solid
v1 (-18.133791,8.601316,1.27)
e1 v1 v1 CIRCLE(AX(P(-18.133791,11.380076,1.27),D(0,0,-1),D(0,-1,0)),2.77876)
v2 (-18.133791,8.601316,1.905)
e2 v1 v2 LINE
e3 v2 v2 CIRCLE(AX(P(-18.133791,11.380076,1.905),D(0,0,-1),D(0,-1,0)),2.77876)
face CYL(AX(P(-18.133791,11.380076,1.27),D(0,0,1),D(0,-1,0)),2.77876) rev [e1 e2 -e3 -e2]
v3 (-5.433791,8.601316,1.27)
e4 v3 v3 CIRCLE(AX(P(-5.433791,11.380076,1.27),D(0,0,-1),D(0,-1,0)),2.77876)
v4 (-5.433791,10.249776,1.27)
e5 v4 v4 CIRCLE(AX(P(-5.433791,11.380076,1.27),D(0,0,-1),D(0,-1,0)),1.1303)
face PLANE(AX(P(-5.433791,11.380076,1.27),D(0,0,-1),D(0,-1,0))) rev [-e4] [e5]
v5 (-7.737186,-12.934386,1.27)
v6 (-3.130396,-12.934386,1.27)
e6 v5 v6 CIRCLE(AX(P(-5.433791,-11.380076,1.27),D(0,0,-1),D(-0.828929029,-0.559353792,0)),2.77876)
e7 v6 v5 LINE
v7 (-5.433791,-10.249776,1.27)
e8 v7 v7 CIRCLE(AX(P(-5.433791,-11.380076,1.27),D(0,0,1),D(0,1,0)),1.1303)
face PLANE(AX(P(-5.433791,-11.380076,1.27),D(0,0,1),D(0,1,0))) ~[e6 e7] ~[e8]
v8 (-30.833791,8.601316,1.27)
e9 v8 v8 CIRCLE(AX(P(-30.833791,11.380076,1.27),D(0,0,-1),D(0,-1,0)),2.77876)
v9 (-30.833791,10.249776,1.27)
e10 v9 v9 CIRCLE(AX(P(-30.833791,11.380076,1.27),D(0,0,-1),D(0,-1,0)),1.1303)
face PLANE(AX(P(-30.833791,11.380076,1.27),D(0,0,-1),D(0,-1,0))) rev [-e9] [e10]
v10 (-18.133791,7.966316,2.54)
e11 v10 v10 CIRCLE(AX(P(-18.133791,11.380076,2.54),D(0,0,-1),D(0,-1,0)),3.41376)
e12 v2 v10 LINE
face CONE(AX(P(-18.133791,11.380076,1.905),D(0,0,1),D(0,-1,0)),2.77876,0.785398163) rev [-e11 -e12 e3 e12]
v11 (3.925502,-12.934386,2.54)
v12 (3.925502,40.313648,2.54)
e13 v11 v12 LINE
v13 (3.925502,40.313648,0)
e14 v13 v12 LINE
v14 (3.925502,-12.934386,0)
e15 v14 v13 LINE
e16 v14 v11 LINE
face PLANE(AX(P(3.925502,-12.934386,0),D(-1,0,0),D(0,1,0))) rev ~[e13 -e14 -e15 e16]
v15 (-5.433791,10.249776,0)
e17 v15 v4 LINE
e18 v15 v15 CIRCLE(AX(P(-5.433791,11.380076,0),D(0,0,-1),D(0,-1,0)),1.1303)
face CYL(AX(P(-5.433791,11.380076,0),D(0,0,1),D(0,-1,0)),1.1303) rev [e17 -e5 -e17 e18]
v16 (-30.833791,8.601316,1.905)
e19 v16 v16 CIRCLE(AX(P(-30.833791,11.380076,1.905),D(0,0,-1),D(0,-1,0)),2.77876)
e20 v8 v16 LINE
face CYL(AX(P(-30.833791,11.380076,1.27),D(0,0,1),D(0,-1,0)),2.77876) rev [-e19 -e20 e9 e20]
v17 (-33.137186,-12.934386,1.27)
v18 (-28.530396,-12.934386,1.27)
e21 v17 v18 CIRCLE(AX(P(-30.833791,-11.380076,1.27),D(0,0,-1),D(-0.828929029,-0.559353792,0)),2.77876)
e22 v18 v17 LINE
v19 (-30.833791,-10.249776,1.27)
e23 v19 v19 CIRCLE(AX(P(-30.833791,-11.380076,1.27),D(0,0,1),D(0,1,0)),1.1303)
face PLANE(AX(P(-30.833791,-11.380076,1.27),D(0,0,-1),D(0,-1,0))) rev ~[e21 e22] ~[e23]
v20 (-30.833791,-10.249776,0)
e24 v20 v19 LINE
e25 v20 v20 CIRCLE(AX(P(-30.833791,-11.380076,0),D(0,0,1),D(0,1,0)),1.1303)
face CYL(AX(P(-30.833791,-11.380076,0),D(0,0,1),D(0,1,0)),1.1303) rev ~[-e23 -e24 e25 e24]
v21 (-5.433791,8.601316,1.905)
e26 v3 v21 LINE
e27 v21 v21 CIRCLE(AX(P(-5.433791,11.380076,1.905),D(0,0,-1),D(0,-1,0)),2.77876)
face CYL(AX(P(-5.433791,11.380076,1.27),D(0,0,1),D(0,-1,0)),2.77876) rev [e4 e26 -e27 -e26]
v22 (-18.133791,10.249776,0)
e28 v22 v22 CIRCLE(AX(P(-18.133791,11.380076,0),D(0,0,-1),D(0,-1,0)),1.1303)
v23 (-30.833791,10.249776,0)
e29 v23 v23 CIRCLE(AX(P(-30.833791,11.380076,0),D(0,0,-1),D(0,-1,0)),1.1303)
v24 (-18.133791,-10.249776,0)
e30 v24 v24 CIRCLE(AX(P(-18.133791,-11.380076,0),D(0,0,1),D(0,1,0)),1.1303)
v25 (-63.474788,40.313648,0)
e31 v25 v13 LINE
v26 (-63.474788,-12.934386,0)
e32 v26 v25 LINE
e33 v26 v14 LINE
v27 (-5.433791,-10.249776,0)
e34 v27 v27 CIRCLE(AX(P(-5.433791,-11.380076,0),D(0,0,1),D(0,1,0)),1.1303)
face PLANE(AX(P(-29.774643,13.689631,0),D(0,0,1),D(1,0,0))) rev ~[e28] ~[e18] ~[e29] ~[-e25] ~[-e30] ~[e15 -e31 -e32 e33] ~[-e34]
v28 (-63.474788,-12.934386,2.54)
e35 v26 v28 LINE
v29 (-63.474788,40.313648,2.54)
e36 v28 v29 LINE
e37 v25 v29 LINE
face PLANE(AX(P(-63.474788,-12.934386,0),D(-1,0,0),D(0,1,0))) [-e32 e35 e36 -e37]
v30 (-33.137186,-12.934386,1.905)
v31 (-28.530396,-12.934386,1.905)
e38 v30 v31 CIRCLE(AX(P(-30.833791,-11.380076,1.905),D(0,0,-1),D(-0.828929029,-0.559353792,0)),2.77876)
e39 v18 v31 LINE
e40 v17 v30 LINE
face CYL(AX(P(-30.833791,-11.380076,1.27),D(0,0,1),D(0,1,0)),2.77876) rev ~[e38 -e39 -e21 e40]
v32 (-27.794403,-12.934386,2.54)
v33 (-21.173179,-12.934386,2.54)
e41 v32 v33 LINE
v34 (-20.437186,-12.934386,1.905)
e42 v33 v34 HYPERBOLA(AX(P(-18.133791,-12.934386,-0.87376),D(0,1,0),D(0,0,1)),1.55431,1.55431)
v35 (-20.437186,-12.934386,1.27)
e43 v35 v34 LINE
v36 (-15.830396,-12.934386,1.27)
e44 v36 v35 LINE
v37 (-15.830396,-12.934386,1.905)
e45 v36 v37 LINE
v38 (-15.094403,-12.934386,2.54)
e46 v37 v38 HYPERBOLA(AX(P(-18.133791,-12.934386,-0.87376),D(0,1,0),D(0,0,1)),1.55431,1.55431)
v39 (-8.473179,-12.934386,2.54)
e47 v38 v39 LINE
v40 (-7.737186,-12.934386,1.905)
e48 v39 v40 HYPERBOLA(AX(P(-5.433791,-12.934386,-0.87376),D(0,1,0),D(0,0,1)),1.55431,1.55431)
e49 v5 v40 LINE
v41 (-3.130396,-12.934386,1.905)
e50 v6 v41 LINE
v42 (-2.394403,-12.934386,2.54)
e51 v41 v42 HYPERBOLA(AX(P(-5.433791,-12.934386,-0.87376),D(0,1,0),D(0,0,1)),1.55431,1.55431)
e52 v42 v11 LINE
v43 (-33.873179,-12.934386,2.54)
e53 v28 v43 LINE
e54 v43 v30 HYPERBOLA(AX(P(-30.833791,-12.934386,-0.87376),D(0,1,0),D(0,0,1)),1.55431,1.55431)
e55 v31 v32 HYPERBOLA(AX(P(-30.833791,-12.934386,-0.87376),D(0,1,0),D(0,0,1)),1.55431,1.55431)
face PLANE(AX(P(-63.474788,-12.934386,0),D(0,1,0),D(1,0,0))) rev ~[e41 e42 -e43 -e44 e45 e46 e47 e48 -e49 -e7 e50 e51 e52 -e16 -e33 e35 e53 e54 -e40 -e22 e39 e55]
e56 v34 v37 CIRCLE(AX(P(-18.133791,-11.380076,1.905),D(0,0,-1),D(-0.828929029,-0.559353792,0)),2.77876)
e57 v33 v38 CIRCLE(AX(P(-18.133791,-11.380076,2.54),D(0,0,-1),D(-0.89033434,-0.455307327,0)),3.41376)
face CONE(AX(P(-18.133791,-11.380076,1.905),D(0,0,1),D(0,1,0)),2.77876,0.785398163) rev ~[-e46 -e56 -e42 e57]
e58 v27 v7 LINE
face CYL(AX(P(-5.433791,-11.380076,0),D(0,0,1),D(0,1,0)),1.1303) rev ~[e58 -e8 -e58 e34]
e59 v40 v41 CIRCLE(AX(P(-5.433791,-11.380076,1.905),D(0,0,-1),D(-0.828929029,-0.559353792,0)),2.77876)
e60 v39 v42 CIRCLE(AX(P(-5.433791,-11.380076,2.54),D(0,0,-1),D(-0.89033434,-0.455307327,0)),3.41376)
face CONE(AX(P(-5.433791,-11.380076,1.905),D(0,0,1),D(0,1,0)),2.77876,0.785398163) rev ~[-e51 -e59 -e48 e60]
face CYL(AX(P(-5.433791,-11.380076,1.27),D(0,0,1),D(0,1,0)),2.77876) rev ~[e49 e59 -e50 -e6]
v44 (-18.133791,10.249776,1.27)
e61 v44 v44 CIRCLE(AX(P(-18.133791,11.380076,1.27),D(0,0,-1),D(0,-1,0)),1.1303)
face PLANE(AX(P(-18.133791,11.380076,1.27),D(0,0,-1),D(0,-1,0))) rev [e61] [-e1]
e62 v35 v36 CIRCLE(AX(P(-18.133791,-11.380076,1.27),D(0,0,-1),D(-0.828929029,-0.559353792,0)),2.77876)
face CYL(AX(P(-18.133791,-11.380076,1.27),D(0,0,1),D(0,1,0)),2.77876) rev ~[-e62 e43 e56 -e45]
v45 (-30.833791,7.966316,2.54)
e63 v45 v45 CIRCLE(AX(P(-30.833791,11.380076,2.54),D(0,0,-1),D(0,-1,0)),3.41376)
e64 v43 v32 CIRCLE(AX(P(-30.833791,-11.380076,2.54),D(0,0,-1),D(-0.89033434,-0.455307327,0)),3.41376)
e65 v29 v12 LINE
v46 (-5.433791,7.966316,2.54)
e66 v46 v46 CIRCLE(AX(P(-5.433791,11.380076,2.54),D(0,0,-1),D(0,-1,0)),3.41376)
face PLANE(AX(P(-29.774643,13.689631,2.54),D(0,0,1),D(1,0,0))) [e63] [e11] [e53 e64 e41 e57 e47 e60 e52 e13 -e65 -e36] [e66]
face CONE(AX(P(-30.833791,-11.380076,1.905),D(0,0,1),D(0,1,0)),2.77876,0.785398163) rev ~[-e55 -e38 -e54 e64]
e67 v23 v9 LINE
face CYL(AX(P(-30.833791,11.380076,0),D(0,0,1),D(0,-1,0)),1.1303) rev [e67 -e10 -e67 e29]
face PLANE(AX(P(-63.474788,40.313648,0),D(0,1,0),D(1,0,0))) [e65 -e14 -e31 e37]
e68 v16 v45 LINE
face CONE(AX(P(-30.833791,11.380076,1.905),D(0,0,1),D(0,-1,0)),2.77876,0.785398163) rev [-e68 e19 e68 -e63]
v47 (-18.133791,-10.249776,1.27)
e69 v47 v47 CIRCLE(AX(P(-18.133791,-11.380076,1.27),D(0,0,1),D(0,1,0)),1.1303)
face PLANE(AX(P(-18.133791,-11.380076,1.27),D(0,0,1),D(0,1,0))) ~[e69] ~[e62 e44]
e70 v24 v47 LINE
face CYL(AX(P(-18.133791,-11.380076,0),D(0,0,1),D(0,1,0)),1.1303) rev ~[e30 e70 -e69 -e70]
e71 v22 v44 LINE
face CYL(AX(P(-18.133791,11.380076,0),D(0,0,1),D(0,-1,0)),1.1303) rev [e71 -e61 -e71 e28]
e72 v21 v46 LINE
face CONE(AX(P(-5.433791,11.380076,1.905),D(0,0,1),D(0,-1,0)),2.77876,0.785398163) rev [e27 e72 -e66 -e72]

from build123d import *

# Parameters (mm, degrees)
SKETCH1_W           = 67.400289577
SKETCH1_H           = 53.248033992
BOSS_EXTRUDE1_DEPTH = 2.54
LPATTERN1_COUNT     = 3
LPATTERN1_PITCH     = 12.7


with BuildPart() as part:
    # Sketch1 → Boss-Extrude1 (new body)
    with BuildSketch(Plane.XY):
        with Locations((-29.774643138, 13.689630717)):
            Rectangle(SKETCH1_W, SKETCH1_H)
    extrude(amount=BOSS_EXTRUDE1_DEPTH)

    # Sketch3 → CBORE for #2 Binding Head Machine Screw1 (revolve, cut)
    with BuildSketch(Plane(origin=(-30.833791182, 11.380076337, 2.54), x_dir=(0, -1, 0), z_dir=(1, 0, 0))):
        Polygon((0, 0), (0, 2.54), (1.1303, 2.54), (1.1303, 1.27), (2.77876, 1.27), (2.77876, 0.635), (3.41376, 0), align=None)
    cbore_for_2_binding_head_machine_screw1 = revolve(axis=Axis((-30.833791182, 11.380076337, 8.89), (0, 0, -1)), mode=Mode.SUBTRACT)

    # LPattern1: CBORE for #2 Binding Head Machine Screw1 ×3
    with Locations(*[(i * LPATTERN1_PITCH, 0, 0) for i in range(1, LPATTERN1_COUNT)]):
        add(cbore_for_2_binding_head_machine_screw1, mode=Mode.SUBTRACT)

    # Mirror1: CBORE for #2 Binding Head Machine Screw1 across plane
    add(cbore_for_2_binding_head_machine_screw1.mirror(Plane.ZX), mode=Mode.SUBTRACT)

    # Mirror1 copy 1 sketch → Mirror1 copy 1 (revolve, cut)
    with BuildSketch(Plane(origin=(-18.133791182, -11.380076337, 2.54), x_dir=(0, 1, 0), z_dir=(1, 0, 0))):
        Polygon((0, 0), (0, -2.54), (1.1303, -2.54), (1.1303, -1.27), (2.77876, -1.27), (2.77876, -0.635), (3.41376, 0), align=None)
    revolve(axis=Axis((-18.133791182, -11.380076337, 8.89), (0, 0, 1)), mode=Mode.SUBTRACT)

    # Mirror1 copy 2 sketch → Mirror1 copy 2 (revolve, cut)
    with BuildSketch(Plane(origin=(-5.433791182, -11.380076337, 2.54), x_dir=(0, 1, 0), z_dir=(1, 0, 0))):
        Polygon((0, 0), (0, -2.54), (1.1303, -2.54), (1.1303, -1.27), (2.77876, -1.27), (2.77876, -0.635), (3.41376, 0), align=None)
    revolve(axis=Axis((-5.433791182, -11.380076337, 8.89), (0, 0, 1)), mode=Mode.SUBTRACT)


solid = part.part
